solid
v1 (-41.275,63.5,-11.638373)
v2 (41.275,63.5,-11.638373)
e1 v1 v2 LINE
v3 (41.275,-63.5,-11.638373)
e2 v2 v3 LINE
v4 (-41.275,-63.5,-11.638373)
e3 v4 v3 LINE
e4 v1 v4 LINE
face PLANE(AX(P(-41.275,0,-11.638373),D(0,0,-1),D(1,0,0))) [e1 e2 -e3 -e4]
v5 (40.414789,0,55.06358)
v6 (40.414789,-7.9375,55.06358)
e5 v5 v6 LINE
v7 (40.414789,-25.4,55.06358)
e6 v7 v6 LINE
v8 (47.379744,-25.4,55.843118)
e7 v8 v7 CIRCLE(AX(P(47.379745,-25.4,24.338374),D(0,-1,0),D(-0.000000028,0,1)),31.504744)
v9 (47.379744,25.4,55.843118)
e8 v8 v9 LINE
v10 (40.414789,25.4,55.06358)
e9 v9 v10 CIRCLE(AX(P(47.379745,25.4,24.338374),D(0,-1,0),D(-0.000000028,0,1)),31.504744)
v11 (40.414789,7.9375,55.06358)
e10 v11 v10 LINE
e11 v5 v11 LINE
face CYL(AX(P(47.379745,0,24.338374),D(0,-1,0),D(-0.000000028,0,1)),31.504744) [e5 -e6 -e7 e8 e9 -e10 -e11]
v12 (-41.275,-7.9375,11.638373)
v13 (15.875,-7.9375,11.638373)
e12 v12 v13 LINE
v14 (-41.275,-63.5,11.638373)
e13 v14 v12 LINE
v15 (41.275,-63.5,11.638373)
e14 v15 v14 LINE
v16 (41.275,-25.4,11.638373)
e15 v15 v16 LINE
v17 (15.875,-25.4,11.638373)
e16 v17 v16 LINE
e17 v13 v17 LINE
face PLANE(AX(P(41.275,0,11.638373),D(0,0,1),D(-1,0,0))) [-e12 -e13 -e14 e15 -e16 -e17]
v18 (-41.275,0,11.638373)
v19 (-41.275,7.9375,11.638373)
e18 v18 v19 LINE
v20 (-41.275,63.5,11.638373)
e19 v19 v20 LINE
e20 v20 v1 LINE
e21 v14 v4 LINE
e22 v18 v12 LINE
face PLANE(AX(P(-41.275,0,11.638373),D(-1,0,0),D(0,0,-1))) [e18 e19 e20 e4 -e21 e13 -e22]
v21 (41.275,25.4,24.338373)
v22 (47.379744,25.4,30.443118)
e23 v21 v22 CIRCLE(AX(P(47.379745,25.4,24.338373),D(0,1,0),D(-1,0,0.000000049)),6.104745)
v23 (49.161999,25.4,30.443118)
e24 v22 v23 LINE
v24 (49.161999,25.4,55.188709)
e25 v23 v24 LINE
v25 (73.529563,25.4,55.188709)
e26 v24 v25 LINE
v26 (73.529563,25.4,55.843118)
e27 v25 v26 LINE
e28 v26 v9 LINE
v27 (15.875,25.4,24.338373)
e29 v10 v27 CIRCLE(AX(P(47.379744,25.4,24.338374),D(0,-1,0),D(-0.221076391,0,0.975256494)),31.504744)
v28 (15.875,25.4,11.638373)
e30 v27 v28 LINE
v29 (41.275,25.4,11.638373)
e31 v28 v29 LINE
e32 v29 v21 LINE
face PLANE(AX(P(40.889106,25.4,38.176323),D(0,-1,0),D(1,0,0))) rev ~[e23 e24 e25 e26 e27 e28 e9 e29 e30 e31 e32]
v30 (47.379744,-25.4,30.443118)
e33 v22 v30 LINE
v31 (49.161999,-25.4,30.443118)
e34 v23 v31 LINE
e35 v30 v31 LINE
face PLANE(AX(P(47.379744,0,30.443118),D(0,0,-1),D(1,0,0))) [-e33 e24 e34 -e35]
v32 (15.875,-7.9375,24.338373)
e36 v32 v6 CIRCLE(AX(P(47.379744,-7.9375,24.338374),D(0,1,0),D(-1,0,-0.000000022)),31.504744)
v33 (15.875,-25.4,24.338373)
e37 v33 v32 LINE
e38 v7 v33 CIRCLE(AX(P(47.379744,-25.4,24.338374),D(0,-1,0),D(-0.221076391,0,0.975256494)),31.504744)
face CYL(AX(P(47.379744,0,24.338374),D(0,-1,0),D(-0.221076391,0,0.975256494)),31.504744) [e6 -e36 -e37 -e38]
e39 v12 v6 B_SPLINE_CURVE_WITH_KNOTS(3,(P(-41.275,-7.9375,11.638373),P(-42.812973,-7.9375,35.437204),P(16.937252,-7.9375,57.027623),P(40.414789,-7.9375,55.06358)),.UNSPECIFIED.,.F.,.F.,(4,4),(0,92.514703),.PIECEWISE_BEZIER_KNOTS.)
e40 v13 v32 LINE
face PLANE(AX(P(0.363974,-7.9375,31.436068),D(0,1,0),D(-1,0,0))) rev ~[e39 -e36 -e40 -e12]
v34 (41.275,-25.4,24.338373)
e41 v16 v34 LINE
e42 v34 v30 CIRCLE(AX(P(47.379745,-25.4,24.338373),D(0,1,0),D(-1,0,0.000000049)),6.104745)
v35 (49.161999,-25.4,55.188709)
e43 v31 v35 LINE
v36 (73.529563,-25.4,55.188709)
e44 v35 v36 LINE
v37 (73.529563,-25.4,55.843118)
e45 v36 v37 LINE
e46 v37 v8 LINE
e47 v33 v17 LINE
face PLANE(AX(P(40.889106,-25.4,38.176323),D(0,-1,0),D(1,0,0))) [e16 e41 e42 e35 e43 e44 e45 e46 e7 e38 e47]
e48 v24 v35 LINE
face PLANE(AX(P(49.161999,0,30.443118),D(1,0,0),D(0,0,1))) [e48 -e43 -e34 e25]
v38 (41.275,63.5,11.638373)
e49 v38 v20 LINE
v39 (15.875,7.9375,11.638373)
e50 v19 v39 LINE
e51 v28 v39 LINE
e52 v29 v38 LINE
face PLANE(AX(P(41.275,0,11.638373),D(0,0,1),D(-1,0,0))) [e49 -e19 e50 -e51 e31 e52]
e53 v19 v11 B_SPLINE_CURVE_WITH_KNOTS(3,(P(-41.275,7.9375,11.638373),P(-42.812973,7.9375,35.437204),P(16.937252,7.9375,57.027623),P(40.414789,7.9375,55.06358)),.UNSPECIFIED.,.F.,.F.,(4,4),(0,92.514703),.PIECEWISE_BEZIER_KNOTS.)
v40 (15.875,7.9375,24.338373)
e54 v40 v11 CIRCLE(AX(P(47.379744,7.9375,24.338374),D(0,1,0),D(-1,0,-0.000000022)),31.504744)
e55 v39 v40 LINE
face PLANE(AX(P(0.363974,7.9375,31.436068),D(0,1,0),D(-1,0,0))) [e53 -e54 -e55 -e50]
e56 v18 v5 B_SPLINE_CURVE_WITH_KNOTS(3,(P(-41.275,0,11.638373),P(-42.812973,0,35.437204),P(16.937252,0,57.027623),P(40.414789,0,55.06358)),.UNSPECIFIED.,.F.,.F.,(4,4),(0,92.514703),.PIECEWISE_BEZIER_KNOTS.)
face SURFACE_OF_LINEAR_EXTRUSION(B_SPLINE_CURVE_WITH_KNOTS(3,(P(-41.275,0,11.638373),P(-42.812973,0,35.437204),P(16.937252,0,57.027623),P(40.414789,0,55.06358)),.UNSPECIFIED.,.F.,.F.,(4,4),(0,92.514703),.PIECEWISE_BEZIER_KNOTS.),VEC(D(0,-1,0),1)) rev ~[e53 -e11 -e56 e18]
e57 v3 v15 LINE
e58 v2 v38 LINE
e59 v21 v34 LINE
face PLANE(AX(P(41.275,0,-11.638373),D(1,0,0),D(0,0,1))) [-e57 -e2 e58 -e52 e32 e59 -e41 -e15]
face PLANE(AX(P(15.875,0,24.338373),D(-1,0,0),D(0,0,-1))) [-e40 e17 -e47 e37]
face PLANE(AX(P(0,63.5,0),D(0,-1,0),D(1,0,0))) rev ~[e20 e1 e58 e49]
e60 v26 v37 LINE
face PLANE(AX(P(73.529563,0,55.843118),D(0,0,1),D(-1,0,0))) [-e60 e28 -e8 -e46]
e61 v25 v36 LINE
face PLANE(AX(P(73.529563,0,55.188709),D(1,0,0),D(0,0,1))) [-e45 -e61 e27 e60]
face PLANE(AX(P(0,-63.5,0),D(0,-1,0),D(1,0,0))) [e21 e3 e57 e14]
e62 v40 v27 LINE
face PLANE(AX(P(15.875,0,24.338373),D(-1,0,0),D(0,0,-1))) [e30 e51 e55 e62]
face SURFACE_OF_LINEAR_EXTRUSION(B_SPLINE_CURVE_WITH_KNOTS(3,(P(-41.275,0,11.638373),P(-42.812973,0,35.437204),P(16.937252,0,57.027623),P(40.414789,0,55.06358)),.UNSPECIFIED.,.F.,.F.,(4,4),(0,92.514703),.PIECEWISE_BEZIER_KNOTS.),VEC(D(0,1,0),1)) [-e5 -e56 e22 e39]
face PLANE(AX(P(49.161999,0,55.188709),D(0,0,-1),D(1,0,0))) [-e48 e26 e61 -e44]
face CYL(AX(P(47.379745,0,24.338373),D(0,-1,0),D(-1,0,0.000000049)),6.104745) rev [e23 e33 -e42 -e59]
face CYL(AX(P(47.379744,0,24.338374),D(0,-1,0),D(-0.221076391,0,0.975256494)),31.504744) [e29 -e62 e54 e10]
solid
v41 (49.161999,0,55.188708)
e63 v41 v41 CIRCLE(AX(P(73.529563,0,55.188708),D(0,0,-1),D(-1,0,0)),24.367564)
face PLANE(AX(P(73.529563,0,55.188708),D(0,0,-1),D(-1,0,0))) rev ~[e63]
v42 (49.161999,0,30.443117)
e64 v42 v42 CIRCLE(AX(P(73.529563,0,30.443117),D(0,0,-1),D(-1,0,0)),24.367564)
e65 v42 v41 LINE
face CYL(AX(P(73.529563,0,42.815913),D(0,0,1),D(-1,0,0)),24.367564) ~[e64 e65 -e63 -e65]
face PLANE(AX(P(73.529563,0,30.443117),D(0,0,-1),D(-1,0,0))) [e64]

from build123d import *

# Parameters (mm, degrees)
F1_DEPTH = 63.5
F2_DEPTH = 25.4
F3_DEPTH = 7.9375
F0_W     = 24.367564
F0_H     = 24.745591


with BuildPart() as f1:
    # F0 (on Front) → F1 (new body, symmetric)
    with BuildSketch(Plane.XZ):
        Polygon((15.875, 11.638373), (-41.275, 11.638373), (-41.275, -11.638373), (41.275, -11.638373), (41.275, 11.638373), align=None)
    extrude(amount=F1_DEPTH, both=True)

    # F0 (on Front) → F2 (join, symmetric)
    with BuildSketch(Plane.XZ):
        with BuildLine():
            Line((15.875, 24.338373), (15.875, 11.638373))
            Line((15.875, 11.638373), (41.275, 11.638373))
            Line((41.275, 11.638373), (41.275, 24.338373))
            ThreePointArc((41.275, 24.338373), (43.063038, 28.655079), (47.379744, 30.443118))
            Line((47.379744, 30.443118), (49.161999, 30.443118))
            Line((49.161999, 30.443118), (49.161999, 55.188709))
            Line((49.161999, 55.188709), (73.529563, 55.188709))
            Line((73.529563, 55.188709), (73.529563, 55.843118))
            Line((73.529563, 55.843118), (47.379744, 55.843118))
            ThreePointArc((47.379744, 55.843118), (43.875523, 55.647627), (40.414789, 55.06358))
            ThreePointArc((40.414789, 55.06358), (22.7629, 43.9995), (15.875, 24.338373))
        make_face()
    extrude(amount=F2_DEPTH, both=True)

    # F0 (on Front) → F3 (join, symmetric)
    with BuildSketch(Plane.XZ):
        with BuildLine():
            add(Edge.make_bspline(
                [(-41.275, 11.638373), (-42.812973, 35.437204), (16.937252, 57.027623), (40.414789, 55.06358)],
                knots=[0, 0, 0, 0, 92.514703, 92.514703, 92.514703, 92.514703], degree=3))
            Line((-41.275, 11.638373), (15.875, 11.638373))
            Line((15.875, 11.638373), (15.875, 24.338373))
            ThreePointArc((15.875, 24.338373), (22.7629, 43.9995), (40.414789, 55.06358))
        make_face()
    extrude(amount=F3_DEPTH, both=True)


with BuildPart() as f4:
    # F0 (on Front) → F4 (revolve)
    with BuildSketch(Plane.XZ):
        with Locations((61.345781, 42.815913)):
            Rectangle(F0_W, F0_H)
    revolve(axis=Axis((73.529563, 0, 43.143118), (0, 0, -1)))


solid = Compound([f1.part, f4.part])
